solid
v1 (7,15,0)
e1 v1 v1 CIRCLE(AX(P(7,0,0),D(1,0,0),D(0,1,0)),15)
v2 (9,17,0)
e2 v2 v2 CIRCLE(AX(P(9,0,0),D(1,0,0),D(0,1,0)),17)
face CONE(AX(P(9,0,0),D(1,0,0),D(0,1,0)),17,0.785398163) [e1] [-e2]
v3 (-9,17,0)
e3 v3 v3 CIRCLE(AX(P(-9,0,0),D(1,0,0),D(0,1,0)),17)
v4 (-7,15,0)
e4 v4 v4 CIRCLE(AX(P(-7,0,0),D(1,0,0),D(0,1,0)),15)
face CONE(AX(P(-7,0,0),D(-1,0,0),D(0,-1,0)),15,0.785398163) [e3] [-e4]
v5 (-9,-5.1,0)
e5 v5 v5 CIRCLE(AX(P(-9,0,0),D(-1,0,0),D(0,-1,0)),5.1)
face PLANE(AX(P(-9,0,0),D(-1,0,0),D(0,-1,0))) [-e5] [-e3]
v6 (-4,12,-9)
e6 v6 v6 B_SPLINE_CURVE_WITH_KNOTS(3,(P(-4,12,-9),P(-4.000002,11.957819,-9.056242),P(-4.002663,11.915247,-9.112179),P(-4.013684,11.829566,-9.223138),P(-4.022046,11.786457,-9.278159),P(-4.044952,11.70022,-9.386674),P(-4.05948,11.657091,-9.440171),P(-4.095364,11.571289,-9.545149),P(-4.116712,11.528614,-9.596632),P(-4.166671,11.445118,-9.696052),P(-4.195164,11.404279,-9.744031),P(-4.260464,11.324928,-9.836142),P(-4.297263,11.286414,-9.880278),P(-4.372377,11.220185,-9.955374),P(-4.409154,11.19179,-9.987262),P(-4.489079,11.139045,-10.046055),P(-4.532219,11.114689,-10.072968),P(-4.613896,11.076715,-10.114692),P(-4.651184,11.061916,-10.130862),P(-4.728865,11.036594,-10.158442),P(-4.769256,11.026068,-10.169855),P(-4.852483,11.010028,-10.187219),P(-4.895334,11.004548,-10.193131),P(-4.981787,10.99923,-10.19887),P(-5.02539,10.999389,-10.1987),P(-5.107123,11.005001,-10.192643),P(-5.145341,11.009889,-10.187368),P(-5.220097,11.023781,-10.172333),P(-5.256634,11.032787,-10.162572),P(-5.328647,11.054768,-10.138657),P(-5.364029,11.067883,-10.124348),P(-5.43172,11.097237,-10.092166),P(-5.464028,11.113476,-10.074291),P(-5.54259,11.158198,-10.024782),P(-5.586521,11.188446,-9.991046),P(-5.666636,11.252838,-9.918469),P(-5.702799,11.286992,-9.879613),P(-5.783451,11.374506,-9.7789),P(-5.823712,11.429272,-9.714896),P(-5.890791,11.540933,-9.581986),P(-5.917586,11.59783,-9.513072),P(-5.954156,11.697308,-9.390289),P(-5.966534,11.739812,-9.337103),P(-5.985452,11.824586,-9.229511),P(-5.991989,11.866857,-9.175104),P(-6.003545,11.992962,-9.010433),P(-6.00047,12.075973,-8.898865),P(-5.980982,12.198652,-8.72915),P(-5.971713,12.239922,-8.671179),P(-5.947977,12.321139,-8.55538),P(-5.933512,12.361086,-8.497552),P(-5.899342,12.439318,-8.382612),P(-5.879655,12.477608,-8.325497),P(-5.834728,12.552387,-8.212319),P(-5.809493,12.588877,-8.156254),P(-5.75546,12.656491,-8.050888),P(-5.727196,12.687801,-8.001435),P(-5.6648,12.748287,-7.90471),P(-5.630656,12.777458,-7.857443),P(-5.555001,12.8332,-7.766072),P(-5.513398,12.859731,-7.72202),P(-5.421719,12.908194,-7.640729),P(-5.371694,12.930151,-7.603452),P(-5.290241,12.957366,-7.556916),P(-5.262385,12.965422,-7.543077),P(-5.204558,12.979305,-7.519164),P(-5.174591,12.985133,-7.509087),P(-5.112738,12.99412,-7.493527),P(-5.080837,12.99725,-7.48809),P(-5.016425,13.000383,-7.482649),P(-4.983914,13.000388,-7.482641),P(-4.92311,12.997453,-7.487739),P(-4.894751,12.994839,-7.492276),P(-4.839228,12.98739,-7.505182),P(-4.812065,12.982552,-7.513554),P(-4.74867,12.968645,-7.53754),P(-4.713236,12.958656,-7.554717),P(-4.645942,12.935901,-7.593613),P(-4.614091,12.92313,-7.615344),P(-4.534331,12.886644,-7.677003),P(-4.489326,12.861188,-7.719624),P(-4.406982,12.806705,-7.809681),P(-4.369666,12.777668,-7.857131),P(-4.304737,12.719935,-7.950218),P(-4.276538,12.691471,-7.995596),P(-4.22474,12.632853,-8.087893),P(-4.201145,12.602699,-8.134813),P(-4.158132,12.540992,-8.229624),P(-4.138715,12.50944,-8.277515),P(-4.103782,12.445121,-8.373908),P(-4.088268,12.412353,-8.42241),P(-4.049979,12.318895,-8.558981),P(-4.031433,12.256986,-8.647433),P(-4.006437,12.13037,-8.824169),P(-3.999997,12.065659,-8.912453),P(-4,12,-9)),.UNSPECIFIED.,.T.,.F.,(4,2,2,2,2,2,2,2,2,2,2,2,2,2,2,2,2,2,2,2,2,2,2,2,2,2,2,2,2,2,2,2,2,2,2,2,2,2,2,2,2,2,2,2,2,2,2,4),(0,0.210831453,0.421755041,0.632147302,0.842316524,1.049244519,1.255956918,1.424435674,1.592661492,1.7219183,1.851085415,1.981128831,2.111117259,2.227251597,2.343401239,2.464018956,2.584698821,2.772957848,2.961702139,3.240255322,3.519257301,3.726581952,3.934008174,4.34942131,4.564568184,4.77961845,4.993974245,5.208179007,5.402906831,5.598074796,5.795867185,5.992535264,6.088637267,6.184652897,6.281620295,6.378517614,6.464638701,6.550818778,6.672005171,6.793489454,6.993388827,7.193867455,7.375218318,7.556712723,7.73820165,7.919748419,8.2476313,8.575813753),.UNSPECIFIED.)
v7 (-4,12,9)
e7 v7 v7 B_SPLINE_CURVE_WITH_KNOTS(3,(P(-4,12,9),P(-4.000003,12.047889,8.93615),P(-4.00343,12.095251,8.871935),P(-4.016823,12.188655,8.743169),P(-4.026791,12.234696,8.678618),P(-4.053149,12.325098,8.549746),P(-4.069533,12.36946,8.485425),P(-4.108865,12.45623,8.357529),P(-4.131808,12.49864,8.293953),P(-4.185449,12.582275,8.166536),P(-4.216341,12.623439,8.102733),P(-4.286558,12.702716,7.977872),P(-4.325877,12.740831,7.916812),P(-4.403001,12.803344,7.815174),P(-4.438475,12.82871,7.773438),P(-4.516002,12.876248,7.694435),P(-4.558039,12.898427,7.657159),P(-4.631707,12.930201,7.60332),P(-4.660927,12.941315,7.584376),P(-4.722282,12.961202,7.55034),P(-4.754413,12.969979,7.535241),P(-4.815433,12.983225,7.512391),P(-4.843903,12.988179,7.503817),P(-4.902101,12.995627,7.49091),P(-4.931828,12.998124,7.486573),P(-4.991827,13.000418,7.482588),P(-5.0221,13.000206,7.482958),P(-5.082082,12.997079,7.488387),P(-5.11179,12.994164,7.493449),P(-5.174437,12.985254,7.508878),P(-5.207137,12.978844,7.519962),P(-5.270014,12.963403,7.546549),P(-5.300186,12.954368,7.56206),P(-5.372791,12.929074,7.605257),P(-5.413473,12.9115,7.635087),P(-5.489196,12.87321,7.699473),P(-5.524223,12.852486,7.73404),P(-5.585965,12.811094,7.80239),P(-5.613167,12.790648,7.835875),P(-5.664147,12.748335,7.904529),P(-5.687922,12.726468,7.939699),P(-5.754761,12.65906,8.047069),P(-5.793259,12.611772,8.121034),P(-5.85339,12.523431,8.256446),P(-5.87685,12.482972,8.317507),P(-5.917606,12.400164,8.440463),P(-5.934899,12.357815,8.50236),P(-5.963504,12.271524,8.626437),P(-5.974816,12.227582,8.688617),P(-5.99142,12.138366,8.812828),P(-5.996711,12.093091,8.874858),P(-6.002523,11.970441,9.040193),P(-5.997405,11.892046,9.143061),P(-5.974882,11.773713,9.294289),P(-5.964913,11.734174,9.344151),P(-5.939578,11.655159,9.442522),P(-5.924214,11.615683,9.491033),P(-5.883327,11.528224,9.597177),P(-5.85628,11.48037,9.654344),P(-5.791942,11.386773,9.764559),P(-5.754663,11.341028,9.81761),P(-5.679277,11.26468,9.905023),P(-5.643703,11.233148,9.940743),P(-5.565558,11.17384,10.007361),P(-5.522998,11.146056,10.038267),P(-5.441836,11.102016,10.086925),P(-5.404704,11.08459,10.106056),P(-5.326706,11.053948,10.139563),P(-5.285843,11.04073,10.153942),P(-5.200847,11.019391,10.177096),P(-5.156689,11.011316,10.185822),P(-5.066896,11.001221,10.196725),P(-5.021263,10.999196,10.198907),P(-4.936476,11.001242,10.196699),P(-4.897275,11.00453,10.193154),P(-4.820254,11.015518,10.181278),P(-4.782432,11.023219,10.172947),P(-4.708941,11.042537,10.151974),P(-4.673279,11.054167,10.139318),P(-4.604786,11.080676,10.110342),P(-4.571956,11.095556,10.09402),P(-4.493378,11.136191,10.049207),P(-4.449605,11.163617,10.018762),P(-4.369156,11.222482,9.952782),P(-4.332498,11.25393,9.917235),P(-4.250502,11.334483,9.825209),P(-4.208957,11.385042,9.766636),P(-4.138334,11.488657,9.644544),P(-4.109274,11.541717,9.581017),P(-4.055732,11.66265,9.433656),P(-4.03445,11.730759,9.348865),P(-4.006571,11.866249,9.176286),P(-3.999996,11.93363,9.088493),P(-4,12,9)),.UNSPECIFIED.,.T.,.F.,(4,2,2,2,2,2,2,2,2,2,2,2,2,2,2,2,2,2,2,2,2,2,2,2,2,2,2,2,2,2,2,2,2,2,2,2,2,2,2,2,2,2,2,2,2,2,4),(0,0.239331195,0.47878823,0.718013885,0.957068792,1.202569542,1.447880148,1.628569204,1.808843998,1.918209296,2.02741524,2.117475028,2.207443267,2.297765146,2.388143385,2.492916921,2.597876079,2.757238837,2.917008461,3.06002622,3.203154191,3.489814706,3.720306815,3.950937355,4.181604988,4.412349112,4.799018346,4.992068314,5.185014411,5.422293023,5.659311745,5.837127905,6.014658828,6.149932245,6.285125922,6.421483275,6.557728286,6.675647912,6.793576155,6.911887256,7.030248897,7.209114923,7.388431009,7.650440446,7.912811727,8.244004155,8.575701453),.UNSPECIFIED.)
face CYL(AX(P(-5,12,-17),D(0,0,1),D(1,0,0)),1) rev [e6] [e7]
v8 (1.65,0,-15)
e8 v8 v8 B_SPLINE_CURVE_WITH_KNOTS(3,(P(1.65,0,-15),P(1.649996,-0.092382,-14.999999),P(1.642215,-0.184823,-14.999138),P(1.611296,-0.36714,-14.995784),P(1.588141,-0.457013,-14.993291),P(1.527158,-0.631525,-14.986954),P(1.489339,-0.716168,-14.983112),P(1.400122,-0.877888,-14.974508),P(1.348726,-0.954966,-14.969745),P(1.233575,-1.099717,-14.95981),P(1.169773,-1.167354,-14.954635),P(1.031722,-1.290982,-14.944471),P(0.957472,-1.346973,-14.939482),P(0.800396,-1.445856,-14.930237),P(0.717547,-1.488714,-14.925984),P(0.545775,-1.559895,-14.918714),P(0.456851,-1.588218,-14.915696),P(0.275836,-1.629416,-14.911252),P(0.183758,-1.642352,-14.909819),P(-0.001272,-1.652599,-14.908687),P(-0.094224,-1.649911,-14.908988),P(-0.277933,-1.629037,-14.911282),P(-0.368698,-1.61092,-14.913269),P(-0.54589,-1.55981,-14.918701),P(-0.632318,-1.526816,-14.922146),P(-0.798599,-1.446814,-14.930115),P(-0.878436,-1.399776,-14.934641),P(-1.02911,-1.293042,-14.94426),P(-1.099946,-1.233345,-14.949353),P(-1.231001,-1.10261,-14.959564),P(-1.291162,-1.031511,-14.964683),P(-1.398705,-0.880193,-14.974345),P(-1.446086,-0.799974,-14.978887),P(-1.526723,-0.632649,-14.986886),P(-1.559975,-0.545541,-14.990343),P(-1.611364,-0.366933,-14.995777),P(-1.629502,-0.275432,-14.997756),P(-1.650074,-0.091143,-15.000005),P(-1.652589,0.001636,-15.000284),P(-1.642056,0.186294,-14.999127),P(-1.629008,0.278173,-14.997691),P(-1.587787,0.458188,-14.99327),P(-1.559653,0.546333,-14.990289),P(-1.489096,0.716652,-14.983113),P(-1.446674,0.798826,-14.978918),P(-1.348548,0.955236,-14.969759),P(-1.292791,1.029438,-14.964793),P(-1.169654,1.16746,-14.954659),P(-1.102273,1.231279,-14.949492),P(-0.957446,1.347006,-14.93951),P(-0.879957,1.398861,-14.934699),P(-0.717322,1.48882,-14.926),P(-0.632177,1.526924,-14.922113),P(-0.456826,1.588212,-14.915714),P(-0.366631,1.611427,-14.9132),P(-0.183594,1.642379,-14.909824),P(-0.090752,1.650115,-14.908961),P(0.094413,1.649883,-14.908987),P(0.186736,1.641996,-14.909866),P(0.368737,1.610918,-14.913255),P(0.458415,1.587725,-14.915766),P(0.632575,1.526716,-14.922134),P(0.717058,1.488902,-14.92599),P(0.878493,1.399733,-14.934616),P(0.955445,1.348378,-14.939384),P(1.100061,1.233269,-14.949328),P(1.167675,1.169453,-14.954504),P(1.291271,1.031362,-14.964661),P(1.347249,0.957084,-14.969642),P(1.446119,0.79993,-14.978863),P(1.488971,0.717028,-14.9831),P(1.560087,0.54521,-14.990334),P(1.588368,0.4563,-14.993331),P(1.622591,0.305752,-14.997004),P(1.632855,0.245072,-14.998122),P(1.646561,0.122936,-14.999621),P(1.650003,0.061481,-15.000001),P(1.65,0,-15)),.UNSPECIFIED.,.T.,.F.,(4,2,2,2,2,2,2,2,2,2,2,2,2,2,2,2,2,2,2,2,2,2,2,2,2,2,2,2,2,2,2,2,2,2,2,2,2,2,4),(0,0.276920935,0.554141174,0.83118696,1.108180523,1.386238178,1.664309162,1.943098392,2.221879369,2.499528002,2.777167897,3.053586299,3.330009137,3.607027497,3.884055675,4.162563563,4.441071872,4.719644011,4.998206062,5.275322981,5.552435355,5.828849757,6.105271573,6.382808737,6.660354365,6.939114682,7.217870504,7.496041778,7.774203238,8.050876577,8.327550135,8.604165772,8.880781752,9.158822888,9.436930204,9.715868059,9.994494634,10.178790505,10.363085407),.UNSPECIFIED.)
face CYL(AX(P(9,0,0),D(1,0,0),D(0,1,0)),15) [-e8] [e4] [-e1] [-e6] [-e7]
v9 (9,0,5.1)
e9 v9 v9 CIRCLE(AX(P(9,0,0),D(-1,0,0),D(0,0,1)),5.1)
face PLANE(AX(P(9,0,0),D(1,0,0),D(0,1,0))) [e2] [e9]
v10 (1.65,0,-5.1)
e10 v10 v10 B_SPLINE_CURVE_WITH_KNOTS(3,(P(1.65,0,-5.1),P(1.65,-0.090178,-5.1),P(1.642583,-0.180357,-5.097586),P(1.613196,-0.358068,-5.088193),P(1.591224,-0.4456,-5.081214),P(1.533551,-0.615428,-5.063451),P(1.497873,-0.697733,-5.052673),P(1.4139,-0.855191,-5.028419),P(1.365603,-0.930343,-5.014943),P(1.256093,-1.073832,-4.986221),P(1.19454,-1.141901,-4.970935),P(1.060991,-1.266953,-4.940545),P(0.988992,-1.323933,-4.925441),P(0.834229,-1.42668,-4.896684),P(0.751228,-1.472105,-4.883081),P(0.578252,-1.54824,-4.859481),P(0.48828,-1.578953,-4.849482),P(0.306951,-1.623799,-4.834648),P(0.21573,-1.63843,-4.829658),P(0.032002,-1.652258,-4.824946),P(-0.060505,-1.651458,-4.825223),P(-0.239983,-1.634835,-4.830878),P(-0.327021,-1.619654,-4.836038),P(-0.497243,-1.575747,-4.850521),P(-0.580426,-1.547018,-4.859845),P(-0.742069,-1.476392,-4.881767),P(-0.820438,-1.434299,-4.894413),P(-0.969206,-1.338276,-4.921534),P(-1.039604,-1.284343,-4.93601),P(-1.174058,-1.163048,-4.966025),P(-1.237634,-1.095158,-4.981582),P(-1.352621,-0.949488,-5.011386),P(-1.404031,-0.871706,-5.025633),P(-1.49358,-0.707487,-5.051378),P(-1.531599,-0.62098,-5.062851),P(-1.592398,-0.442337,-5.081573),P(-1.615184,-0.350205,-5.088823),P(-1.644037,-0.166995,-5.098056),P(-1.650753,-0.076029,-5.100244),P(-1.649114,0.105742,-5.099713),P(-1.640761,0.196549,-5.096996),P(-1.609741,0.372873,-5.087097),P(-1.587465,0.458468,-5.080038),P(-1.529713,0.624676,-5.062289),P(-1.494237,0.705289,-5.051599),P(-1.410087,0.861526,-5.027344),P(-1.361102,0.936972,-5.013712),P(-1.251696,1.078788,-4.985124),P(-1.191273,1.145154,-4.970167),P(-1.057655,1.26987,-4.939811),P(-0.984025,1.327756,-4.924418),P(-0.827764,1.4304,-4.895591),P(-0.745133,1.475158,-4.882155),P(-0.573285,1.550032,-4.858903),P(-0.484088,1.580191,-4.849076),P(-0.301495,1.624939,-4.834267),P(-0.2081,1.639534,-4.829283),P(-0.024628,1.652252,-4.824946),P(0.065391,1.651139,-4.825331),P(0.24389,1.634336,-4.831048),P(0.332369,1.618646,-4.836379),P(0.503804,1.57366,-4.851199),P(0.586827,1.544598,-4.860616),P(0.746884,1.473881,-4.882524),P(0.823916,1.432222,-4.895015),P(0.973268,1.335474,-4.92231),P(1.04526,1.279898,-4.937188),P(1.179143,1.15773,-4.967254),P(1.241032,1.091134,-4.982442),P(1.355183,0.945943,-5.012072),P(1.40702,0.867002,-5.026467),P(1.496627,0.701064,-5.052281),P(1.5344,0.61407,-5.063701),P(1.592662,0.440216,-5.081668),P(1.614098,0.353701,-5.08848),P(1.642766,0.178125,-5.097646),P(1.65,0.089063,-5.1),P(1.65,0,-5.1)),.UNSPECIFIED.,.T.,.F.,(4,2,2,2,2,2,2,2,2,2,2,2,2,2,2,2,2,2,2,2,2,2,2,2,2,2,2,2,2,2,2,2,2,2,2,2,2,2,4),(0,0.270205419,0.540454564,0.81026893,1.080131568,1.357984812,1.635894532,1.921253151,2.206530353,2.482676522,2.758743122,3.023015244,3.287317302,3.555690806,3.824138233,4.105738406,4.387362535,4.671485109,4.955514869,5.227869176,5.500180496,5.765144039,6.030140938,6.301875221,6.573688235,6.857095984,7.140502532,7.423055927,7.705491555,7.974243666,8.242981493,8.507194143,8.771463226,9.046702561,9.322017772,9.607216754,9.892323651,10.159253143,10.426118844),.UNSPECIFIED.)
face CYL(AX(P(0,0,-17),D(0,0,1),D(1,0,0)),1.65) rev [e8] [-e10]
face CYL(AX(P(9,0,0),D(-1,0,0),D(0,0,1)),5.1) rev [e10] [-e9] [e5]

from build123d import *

# Parameters (mm, degrees)
ENL_V_MAT_EXTRU_1_DEPTH      = 31.033314835
ENL_V_MAT_EXTRU_1_DEPTH_BACK = 31.033314835
ESQUISSE2_R                  = 5.1
ENL_V_MAT_EXTRU_2_DEPTH      = 26.670995306
ENL_V_MAT_EXTRU_2_DEPTH_BACK = 26.670995306
ESQUISSE3_R                  = 1
ESQUISSE4_R                  = 1.65
ENL_V_MAT_EXTRU_3_DEPTH      = 26.670995306


with BuildPart() as part:
    # Esquisse1 → Révolution1 (revolve)
    with BuildSketch(Plane.XY):
        Polygon((9, 0), (9, 17), (7, 15), (-7, 15), (-9, 17), (-9, 0), align=None)
    revolve(axis=Axis((9, 0, 0), (-1, 0, 0)))

    # Esquisse2 → Enlèv. mat.-Extru.1 (cut, two sides: drawn at the far end of the back side and taken through both)
    with BuildSketch(Plane.ZY.offset(9).offset(-ENL_V_MAT_EXTRU_1_DEPTH_BACK)):
        Circle(ESQUISSE2_R)
    extrude(amount=ENL_V_MAT_EXTRU_1_DEPTH + ENL_V_MAT_EXTRU_1_DEPTH_BACK, mode=Mode.SUBTRACT)

    # Esquisse3 → Enlèv. mat.-Extru.2 (cut, two sides: drawn at the far end of the back side and taken through both)
    with BuildSketch(Plane.XY.offset(-ENL_V_MAT_EXTRU_2_DEPTH_BACK)):
        with Locations((-5, 12)):
            Circle(ESQUISSE3_R)
    extrude(amount=ENL_V_MAT_EXTRU_2_DEPTH + ENL_V_MAT_EXTRU_2_DEPTH_BACK, mode=Mode.SUBTRACT)

    # Esquisse4 → Enlèv. mat.-Extru.3 (cut, through all)
    with BuildSketch(Plane.XY):
        Circle(ESQUISSE4_R)
    extrude(amount=-ENL_V_MAT_EXTRU_3_DEPTH, mode=Mode.SUBTRACT)


solid = part.part
